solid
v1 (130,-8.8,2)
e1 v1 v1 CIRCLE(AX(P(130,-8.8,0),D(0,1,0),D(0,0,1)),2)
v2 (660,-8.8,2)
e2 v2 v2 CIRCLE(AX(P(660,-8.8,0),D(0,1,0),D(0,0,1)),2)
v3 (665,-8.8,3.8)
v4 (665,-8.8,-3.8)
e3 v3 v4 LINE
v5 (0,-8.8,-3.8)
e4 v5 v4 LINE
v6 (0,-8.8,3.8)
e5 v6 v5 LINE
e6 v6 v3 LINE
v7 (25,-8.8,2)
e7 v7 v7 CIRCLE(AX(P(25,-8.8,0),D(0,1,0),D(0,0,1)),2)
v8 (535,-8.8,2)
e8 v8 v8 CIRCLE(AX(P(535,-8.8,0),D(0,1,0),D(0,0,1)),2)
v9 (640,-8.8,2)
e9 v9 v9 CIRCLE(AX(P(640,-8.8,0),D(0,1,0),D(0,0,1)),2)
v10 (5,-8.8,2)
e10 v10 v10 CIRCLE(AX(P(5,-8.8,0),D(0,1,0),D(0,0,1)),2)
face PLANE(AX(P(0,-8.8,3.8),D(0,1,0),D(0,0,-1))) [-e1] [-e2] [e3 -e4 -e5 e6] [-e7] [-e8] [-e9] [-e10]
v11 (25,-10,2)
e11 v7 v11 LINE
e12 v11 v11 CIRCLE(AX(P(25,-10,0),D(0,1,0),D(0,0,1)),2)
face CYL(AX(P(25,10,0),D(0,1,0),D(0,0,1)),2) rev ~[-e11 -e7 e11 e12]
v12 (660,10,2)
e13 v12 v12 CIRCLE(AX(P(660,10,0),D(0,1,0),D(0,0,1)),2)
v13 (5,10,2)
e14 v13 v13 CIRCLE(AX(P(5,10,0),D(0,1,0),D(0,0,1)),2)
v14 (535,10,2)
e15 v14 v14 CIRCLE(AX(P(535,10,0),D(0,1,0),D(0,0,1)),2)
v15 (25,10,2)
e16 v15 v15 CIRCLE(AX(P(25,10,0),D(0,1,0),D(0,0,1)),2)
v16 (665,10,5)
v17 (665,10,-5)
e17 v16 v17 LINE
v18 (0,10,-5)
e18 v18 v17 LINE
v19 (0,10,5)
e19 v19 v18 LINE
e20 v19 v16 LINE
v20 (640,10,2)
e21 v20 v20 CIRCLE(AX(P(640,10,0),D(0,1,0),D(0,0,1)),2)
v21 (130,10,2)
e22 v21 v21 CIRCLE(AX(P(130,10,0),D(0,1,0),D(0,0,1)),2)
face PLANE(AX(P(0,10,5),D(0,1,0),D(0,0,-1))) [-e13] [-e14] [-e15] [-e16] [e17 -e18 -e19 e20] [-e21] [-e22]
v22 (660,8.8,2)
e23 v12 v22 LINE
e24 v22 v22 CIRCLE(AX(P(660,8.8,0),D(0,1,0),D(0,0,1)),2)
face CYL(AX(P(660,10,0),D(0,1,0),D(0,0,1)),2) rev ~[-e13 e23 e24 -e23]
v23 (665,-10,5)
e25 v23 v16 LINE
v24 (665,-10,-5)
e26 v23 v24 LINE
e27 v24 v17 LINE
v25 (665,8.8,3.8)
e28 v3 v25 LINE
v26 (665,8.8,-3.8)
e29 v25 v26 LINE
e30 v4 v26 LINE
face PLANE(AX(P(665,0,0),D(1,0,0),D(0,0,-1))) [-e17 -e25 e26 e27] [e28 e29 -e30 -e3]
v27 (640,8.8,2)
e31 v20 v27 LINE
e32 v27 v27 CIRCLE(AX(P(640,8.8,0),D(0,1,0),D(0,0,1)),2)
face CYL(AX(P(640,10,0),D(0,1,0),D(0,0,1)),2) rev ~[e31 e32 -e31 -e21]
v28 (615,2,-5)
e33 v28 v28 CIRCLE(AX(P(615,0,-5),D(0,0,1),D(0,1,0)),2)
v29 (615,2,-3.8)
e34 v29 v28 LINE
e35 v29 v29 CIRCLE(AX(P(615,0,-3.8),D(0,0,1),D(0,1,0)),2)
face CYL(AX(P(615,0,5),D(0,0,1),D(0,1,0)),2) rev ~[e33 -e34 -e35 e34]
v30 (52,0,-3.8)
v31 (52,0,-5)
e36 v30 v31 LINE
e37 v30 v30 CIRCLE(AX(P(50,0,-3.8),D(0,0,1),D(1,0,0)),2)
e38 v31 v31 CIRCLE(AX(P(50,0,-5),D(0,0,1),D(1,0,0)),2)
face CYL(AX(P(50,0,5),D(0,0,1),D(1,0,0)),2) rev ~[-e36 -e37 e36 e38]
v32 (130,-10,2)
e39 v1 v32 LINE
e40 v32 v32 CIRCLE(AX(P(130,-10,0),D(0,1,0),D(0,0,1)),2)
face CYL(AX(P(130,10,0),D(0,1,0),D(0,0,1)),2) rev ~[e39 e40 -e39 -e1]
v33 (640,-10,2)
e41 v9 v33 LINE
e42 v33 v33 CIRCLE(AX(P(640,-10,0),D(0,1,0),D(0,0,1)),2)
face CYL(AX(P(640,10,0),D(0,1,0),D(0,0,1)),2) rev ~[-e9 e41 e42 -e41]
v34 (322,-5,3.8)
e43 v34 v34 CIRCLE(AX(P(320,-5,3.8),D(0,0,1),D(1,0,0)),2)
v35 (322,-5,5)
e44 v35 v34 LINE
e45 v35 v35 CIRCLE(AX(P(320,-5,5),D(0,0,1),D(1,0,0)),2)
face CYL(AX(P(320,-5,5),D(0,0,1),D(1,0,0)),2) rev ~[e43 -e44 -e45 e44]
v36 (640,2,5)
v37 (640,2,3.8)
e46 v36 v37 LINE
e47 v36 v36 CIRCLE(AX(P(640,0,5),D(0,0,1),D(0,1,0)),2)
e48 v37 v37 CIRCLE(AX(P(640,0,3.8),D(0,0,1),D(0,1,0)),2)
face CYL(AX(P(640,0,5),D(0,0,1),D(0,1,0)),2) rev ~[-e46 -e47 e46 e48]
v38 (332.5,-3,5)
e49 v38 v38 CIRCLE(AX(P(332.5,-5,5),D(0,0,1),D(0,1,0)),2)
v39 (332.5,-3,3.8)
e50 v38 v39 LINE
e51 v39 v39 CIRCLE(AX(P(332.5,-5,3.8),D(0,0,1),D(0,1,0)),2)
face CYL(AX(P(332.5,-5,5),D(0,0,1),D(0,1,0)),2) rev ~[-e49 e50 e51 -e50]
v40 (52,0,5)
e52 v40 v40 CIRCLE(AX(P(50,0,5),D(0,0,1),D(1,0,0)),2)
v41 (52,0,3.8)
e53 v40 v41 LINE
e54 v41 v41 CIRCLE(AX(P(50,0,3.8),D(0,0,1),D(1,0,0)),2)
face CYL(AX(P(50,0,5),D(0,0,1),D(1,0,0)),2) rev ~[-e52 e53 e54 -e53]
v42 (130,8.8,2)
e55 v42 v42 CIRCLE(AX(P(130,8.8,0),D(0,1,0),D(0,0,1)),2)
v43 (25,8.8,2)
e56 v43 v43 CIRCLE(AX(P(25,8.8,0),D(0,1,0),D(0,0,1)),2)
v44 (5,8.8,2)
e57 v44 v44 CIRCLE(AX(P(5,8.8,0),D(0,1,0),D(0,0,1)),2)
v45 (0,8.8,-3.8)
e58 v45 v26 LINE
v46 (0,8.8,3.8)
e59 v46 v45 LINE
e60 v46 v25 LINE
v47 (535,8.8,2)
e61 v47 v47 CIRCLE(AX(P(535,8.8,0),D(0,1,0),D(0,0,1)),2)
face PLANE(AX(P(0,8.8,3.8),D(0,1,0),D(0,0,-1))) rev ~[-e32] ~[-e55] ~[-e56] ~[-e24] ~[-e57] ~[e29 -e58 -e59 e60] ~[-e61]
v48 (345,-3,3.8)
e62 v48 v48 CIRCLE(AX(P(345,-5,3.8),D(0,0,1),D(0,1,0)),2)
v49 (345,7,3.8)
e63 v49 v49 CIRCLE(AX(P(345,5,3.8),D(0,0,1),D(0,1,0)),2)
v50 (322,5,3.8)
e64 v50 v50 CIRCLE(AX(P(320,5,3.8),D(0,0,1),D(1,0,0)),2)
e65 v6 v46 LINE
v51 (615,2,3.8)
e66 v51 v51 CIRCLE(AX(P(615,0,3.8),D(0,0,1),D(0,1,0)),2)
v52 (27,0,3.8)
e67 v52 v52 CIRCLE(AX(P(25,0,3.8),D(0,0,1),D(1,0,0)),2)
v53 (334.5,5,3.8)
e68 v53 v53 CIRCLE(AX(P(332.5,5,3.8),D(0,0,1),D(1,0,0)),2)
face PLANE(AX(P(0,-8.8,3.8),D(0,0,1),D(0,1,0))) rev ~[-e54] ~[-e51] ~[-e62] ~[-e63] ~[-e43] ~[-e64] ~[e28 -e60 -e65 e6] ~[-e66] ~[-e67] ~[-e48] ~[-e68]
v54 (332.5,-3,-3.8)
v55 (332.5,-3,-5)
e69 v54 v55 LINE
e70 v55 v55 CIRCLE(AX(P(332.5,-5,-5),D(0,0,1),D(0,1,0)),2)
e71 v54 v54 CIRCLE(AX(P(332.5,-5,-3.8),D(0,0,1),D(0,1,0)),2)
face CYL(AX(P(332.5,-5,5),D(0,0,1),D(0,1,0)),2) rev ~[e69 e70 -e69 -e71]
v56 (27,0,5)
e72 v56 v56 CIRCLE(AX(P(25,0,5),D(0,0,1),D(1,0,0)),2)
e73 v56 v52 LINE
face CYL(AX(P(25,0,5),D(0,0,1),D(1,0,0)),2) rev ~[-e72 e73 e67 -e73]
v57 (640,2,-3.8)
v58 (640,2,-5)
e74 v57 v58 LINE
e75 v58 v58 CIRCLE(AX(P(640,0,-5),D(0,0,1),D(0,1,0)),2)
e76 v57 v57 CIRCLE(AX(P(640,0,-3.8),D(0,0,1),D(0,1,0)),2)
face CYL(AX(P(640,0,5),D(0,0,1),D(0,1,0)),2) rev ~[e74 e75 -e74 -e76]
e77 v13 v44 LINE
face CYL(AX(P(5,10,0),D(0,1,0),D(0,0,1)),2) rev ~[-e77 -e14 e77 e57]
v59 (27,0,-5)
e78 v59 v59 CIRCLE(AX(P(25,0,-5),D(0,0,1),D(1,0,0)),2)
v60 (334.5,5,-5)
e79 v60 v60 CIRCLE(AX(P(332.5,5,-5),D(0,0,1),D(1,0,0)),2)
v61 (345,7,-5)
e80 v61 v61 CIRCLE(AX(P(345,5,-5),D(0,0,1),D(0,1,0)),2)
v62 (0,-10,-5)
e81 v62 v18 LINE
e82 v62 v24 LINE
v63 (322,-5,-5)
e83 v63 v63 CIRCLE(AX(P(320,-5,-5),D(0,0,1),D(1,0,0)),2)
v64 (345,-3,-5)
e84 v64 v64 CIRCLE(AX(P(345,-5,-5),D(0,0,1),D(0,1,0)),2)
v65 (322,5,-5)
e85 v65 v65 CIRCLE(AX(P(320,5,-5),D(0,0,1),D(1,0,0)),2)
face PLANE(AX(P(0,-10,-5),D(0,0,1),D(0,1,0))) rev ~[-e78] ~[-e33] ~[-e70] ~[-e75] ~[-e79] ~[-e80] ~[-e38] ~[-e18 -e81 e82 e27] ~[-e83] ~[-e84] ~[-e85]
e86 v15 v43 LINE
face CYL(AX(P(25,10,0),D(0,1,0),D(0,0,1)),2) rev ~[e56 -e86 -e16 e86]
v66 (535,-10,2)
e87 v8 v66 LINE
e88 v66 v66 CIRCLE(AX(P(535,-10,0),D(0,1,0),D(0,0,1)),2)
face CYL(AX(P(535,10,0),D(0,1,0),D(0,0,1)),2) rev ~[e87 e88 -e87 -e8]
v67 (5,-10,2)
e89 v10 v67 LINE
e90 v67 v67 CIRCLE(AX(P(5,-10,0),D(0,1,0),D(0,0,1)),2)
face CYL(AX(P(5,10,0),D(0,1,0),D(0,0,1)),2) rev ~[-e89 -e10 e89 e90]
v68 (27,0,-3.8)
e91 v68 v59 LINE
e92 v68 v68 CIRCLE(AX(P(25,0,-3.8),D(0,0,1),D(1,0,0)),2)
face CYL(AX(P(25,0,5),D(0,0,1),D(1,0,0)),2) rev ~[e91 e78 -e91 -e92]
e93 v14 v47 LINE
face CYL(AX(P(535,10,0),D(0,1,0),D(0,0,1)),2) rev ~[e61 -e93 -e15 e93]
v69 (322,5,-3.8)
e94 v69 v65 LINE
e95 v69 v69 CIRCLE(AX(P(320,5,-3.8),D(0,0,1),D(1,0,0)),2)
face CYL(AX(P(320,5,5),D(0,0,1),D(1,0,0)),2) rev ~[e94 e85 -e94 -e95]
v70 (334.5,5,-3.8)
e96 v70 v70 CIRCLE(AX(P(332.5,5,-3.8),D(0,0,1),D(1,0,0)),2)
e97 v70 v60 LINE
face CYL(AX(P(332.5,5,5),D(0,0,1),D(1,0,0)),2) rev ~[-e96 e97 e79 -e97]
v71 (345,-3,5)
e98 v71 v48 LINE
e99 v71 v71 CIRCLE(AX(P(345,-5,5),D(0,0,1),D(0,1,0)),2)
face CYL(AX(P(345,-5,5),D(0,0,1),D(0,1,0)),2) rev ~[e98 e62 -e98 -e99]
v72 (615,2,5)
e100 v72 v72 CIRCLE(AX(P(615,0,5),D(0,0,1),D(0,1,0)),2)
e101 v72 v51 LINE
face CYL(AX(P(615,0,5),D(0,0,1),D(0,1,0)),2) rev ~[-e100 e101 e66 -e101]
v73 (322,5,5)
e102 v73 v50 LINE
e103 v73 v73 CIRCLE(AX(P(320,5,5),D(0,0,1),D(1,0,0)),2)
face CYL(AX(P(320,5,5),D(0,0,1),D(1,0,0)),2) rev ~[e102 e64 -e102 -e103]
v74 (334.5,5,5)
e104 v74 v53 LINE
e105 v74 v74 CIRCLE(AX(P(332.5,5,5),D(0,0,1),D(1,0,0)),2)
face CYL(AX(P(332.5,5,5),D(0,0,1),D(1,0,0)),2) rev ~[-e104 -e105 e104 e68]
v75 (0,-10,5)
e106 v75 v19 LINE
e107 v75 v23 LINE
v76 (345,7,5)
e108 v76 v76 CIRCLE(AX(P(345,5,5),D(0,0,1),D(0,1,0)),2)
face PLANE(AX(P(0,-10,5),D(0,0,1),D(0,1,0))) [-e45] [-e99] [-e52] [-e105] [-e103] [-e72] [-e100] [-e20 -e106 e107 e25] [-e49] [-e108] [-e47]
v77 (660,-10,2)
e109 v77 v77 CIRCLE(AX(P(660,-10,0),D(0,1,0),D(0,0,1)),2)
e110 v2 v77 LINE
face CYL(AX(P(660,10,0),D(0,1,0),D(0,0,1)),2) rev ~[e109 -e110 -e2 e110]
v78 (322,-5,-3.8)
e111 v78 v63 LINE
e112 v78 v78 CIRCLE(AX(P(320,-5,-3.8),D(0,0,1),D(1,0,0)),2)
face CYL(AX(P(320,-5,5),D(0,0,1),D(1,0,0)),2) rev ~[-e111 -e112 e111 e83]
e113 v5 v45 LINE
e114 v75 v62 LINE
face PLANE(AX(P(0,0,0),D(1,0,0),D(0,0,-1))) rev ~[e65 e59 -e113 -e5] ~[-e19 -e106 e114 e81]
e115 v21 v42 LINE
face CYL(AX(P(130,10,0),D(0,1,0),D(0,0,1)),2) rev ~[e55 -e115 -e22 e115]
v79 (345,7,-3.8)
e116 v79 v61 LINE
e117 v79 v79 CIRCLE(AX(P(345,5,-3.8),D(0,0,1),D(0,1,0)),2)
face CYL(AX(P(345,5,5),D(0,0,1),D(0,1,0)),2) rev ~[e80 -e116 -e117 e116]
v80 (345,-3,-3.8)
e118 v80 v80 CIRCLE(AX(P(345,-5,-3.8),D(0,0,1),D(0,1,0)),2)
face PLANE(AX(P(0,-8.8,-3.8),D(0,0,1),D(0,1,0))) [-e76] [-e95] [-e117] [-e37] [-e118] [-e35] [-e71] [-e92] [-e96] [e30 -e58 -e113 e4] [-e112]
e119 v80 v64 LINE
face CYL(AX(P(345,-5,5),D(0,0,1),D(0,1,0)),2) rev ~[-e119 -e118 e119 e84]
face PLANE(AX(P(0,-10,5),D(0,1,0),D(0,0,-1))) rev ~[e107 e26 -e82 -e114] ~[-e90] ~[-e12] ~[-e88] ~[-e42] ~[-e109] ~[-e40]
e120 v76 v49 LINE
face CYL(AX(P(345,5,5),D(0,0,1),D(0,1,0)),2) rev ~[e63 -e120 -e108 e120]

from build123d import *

# Parameters (mm, degrees)
SKETCH_1_W          = 10
SKETCH_1_H          = 20
SKETCH_1_W_2        = 7.6
SKETCH_1_H_2        = 17.6
EXTRUDE_1_DEPTH     = 665
SKETCH_2_R          = 2
CUT_EXTRUDE_1_DEPTH = 666.150358941
SKETCH_3_R          = 2
CUT_EXTRUDE_2_DEPTH = 666.319472134


with BuildPart() as part:
    # ｽｹｯﾁ1 → 押し出し-薄板1 (new body)
    with BuildSketch(Plane(origin=(0, 0, 0), x_dir=(0, 0, -1), z_dir=(1, 0, 0))):
        Rectangle(SKETCH_1_W, SKETCH_1_H)
        Rectangle(SKETCH_1_W_2, SKETCH_1_H_2, mode=Mode.SUBTRACT)
    extrude(amount=EXTRUDE_1_DEPTH)

    # ｽｹｯﾁ2 → ｶｯﾄ - 押し出し1 (cut, through all)
    with BuildSketch(Plane.XY.offset(5)):
        with Locations((25, 0)):
            Circle(SKETCH_2_R)
        with Locations(Location((640, 0, 0), (0, 0, 90))):
            Circle(SKETCH_2_R)
        with Locations((50, 0)):
            Circle(SKETCH_2_R)
        with Locations(Location((615, 0, 0), (0, 0, 90))):
            Circle(SKETCH_2_R)
        with Locations((320, 5)):
            Circle(SKETCH_2_R)
        with Locations((320, -5)):
            Circle(SKETCH_2_R)
        with Locations(Location((345, -5, 0), (0, 0, 90))):
            Circle(SKETCH_2_R)
        with Locations(Location((345, 5, 0), (0, 0, 90))):
            Circle(SKETCH_2_R)
        with Locations((332.5, 5)):
            Circle(SKETCH_2_R)
        with Locations(Location((332.5, -5, 0), (0, 0, 90))):
            Circle(SKETCH_2_R)
    extrude(amount=-CUT_EXTRUDE_1_DEPTH, mode=Mode.SUBTRACT)

    # ｽｹｯﾁ3 → ｶｯﾄ - 押し出し2 (cut, through all)
    with BuildSketch(Plane(origin=(0, 10, 0), x_dir=(1, 0, 0), z_dir=(0, 1, 0))):
        with Locations(Location((5, 0, 0), (0, 0, 270))):
            Circle(SKETCH_3_R)
        with Locations(Location((130, 0, 0), (0, 0, 270))):
            Circle(SKETCH_3_R)
        with Locations(Location((535, 0, 0), (0, 0, 270))):
            Circle(SKETCH_3_R)
        with Locations(Location((660, 0, 0), (0, 0, 270))):
            Circle(SKETCH_3_R)
        with Locations(Location((25, 0, 0), (0, 0, 270))):
            Circle(SKETCH_3_R)
        with Locations(Location((640, 0, 0), (0, 0, 270))):
            Circle(SKETCH_3_R)
    extrude(amount=-CUT_EXTRUDE_2_DEPTH, mode=Mode.SUBTRACT)


solid = part.part
